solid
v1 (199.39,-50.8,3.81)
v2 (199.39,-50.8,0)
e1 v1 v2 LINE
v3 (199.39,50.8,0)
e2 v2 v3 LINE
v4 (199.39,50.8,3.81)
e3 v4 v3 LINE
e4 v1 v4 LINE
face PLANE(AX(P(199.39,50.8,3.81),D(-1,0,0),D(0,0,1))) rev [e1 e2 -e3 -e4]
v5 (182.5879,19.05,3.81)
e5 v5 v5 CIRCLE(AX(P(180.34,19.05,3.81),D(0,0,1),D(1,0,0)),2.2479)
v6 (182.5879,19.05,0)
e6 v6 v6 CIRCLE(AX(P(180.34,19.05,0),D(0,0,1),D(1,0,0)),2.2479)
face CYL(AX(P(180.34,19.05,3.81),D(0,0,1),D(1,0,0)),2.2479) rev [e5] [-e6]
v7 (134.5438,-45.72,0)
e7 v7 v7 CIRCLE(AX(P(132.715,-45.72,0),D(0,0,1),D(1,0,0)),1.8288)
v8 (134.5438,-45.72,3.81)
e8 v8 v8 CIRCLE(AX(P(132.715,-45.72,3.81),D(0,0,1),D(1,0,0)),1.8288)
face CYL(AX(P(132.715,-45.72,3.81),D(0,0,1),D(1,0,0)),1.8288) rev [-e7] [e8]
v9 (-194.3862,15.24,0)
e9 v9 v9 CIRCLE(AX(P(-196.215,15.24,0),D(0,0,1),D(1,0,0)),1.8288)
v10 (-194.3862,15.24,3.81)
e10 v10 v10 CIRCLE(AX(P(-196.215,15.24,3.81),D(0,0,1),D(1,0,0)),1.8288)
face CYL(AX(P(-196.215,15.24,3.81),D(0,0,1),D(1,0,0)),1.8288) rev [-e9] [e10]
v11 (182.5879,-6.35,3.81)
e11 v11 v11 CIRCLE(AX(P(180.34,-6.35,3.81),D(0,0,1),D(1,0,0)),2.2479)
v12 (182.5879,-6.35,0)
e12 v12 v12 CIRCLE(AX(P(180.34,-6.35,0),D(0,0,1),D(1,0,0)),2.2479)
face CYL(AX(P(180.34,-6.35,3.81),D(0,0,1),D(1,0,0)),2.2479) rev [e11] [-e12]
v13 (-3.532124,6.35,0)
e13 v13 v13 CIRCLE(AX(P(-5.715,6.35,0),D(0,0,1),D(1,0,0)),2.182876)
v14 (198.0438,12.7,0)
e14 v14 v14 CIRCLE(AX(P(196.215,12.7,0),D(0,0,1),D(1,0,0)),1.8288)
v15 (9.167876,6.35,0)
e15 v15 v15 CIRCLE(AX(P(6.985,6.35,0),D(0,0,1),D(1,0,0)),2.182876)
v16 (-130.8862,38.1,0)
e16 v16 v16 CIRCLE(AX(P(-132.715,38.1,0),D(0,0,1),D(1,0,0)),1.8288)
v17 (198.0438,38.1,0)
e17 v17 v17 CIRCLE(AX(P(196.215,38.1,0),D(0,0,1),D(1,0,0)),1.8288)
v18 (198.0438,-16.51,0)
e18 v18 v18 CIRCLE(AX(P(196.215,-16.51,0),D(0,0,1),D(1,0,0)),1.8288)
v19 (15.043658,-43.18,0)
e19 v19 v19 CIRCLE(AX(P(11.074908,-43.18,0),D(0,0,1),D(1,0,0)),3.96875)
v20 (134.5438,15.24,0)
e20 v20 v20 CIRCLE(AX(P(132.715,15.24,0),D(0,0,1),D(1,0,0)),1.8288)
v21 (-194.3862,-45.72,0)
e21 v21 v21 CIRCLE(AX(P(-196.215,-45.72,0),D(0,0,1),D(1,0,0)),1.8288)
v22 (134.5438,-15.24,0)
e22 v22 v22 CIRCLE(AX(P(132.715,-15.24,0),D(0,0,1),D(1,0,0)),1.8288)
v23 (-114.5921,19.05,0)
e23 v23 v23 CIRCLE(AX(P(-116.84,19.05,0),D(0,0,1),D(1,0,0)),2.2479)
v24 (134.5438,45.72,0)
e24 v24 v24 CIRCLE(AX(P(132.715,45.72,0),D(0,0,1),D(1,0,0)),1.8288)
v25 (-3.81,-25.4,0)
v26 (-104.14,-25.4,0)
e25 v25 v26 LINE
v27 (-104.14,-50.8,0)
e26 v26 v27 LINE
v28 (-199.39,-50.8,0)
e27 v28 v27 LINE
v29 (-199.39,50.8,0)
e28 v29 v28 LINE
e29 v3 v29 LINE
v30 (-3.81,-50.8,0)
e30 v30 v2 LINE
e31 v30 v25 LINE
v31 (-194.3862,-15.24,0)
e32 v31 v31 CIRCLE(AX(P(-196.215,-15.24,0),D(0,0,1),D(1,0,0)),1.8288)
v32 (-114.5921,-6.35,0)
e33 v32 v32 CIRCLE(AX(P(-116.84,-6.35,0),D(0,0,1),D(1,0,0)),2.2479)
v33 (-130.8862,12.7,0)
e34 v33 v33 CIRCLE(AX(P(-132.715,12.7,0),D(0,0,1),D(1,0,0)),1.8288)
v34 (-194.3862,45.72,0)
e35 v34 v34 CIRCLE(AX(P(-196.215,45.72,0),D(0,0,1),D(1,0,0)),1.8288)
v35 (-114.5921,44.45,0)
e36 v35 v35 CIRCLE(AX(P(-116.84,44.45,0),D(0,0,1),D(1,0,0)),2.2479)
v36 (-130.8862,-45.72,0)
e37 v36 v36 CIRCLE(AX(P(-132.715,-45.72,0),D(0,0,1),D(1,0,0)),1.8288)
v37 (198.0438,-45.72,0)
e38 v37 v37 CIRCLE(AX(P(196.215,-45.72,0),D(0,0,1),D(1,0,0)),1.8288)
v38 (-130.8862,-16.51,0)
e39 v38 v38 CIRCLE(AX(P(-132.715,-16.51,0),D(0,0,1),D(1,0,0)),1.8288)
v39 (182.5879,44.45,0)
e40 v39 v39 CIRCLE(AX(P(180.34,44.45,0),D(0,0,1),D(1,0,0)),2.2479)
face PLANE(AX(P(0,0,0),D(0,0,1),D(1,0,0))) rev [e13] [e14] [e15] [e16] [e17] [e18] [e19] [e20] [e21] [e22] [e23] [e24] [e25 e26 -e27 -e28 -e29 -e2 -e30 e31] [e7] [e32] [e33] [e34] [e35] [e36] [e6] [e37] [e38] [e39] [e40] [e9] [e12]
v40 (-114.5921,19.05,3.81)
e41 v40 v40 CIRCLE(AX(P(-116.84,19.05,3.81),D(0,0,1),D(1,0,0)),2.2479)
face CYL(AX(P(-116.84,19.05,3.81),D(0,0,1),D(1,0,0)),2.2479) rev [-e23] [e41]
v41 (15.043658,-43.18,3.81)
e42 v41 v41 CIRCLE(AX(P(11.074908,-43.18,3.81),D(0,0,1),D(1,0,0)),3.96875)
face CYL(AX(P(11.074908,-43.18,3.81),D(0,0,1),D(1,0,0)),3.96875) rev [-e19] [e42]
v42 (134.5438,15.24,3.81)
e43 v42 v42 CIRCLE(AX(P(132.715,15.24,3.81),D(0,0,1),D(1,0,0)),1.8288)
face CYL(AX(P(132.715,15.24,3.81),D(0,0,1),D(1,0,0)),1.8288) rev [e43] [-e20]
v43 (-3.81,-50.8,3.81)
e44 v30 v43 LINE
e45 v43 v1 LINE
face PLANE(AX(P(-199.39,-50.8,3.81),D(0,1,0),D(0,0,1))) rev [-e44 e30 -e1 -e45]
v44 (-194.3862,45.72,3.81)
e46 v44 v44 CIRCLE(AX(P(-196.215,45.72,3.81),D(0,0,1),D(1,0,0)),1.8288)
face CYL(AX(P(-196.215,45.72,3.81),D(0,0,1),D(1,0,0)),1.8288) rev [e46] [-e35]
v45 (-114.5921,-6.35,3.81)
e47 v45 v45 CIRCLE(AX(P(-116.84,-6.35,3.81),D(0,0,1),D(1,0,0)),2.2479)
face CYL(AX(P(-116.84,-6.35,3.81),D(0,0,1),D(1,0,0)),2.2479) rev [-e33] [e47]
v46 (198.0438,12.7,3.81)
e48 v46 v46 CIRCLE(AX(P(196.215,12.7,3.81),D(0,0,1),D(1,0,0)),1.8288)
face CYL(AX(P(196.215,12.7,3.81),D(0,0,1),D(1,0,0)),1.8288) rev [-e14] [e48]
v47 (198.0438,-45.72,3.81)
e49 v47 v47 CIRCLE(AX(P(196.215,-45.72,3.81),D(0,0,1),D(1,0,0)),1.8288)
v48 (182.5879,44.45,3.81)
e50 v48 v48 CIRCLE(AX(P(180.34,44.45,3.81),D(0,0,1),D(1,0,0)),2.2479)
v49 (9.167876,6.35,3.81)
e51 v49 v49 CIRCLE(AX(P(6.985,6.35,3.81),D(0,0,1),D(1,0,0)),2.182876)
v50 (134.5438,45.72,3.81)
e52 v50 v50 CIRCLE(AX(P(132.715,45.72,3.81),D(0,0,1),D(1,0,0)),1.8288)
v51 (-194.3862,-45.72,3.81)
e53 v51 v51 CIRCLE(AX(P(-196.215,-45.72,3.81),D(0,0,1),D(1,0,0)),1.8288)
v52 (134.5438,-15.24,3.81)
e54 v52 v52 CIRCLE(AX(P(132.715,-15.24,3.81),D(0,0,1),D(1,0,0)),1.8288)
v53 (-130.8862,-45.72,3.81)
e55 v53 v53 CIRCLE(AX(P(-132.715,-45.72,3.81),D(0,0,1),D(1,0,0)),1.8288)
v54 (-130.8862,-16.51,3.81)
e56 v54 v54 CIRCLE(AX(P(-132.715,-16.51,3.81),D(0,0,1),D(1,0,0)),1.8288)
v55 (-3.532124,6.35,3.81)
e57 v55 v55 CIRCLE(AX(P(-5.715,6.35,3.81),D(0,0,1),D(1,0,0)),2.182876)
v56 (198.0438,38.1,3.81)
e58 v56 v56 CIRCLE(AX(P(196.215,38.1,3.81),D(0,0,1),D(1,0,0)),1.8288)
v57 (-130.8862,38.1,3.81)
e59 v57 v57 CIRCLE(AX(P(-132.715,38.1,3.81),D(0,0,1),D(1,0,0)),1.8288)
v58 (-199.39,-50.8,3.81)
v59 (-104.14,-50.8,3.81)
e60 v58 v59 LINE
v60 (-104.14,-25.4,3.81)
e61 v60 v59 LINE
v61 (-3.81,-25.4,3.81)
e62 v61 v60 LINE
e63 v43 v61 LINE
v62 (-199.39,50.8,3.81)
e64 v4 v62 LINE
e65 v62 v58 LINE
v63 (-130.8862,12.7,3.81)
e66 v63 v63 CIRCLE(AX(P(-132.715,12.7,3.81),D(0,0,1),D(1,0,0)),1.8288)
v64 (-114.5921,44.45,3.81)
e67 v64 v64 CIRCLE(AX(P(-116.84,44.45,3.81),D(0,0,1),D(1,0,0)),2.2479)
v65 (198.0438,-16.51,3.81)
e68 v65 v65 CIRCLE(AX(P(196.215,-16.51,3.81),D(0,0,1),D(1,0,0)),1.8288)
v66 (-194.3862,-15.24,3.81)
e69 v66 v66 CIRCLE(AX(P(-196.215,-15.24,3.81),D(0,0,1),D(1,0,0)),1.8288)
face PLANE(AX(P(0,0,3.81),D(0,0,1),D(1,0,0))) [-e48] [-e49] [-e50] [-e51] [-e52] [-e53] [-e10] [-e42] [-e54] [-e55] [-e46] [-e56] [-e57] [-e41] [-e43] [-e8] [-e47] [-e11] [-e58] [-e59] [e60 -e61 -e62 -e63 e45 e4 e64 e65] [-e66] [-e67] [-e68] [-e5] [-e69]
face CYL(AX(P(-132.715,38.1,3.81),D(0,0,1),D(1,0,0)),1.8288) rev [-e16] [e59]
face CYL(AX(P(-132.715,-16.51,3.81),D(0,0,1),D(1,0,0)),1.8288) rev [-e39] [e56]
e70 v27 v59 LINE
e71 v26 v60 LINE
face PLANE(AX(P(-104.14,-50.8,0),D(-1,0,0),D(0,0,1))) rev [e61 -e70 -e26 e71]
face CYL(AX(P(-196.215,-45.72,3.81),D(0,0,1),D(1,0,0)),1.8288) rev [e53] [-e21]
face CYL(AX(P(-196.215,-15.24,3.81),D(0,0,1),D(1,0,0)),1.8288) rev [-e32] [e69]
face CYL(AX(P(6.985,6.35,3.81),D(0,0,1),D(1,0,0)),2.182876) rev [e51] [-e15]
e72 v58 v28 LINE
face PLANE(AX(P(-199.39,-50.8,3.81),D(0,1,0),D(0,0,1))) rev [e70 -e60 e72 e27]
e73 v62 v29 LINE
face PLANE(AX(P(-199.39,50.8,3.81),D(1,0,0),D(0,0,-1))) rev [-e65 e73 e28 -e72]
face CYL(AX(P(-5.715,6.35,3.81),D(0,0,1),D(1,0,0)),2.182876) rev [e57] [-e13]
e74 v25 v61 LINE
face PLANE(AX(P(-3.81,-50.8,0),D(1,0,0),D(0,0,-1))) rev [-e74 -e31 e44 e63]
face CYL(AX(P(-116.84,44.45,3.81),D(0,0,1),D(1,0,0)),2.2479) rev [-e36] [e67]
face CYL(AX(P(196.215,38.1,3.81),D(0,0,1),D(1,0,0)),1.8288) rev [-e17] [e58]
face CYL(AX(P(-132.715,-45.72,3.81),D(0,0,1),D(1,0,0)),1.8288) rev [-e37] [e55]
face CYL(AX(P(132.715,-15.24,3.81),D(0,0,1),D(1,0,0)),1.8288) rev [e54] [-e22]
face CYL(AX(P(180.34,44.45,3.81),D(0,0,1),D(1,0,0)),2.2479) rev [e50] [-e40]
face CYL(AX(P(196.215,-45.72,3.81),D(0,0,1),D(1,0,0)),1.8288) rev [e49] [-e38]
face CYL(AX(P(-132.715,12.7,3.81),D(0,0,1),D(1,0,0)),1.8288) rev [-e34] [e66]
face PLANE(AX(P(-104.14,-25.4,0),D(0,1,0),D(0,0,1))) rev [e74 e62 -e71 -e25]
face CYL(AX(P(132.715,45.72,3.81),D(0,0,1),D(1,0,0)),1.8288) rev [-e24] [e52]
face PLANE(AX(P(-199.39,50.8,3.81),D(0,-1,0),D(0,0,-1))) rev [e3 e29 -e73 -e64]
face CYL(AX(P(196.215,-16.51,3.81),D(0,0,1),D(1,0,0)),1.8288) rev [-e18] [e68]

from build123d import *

# Parameters (mm, degrees)
SKETCH1_W                            = 398.78
SKETCH1_H                            = 101.6
BOSS_EXTRUDE1_DEPTH                  = 3.81
SKETCH11_W                           = 100.33
SKETCH11_H                           = 25.4
CUT_EXTRUDE1_DEPTH                   = 206.794869227
F_5_16_0_3125_DIAMETER_HOLE1_D       = 7.9375
F_6_CLEARANCE_HOLE1_D                = 3.6576
F_8_CLEARANCE_HOLE1_D                = 4.4958
LPATTERN1_COUNT                      = 2
LPATTERN1_PITCH                      = 328.93
F_11_64_0_17188_DIAMETER_HOLE2_D     = 4.365752
F_11_64_0_17188_DIAMETER_HOLE2_DEPTH = 8.89
F_11_64_0_17188_DIAMETER_HOLE2_TIP   = 1.311604225


with BuildPart() as part:
    # Sketch1 → Boss-Extrude1 (new body)
    with BuildSketch(Plane.XY):
        Rectangle(SKETCH1_W, SKETCH1_H)
    extrude(amount=BOSS_EXTRUDE1_DEPTH)

    # Sketch11 → Cut-Extrude1 (cut, through all)
    with BuildSketch(Plane.XY.offset(3.81)):
        with Locations((-53.975, -38.1)):
            Rectangle(SKETCH11_W, SKETCH11_H)
    extrude(amount=-CUT_EXTRUDE1_DEPTH, mode=Mode.SUBTRACT)

    # 5/16 (0.3125) Diameter Hole1 (through all)
    with Locations(Plane.XY.offset(3.81)):
        with Locations((11.074908, -43.18)):
            Hole(F_5_16_0_3125_DIAMETER_HOLE1_D / 2)

    # #6 Clearance Hole1 (through all)
    with Locations(Plane.XY.offset(3.81)):
        with Locations((132.715, -15.24), (196.215, -16.51), (196.215, 12.7), (196.215, 38.1), (132.715, 45.72), (132.715, 15.24), (132.715, -45.72), (196.215, -45.72)):
            f_6_clearance_hole1 = Hole(F_6_CLEARANCE_HOLE1_D / 2)

    # #8 Clearance Hole1 (through all)
    with Locations(Plane.XY.offset(3.81)):
        with Locations((180.34, 44.45), (180.34, 19.05), (180.34, -6.35), (-116.84, 44.45), (-116.84, 19.05), (-116.84, -6.35)):
            Hole(F_8_CLEARANCE_HOLE1_D / 2)

    # LPattern1: #6 Clearance Hole1 ×2
    with Locations(*[(-i * LPATTERN1_PITCH, 0, 0) for i in range(1, LPATTERN1_COUNT)]):
        add(f_6_clearance_hole1, mode=Mode.SUBTRACT)

    # 11/64 (0.17188) Diameter Hole2
    with Locations(Plane.XY.offset(3.81)):
        with Locations((-5.715, 6.35), (6.985, 6.35)):
            Hole(F_11_64_0_17188_DIAMETER_HOLE2_D / 2, depth=F_11_64_0_17188_DIAMETER_HOLE2_DEPTH)
            with Locations((0, 0, -(F_11_64_0_17188_DIAMETER_HOLE2_DEPTH + F_11_64_0_17188_DIAMETER_HOLE2_TIP / 2))):  # 118° drill point
                Cone(0, F_11_64_0_17188_DIAMETER_HOLE2_D / 2, F_11_64_0_17188_DIAMETER_HOLE2_TIP, mode=Mode.SUBTRACT)


solid = part.part
